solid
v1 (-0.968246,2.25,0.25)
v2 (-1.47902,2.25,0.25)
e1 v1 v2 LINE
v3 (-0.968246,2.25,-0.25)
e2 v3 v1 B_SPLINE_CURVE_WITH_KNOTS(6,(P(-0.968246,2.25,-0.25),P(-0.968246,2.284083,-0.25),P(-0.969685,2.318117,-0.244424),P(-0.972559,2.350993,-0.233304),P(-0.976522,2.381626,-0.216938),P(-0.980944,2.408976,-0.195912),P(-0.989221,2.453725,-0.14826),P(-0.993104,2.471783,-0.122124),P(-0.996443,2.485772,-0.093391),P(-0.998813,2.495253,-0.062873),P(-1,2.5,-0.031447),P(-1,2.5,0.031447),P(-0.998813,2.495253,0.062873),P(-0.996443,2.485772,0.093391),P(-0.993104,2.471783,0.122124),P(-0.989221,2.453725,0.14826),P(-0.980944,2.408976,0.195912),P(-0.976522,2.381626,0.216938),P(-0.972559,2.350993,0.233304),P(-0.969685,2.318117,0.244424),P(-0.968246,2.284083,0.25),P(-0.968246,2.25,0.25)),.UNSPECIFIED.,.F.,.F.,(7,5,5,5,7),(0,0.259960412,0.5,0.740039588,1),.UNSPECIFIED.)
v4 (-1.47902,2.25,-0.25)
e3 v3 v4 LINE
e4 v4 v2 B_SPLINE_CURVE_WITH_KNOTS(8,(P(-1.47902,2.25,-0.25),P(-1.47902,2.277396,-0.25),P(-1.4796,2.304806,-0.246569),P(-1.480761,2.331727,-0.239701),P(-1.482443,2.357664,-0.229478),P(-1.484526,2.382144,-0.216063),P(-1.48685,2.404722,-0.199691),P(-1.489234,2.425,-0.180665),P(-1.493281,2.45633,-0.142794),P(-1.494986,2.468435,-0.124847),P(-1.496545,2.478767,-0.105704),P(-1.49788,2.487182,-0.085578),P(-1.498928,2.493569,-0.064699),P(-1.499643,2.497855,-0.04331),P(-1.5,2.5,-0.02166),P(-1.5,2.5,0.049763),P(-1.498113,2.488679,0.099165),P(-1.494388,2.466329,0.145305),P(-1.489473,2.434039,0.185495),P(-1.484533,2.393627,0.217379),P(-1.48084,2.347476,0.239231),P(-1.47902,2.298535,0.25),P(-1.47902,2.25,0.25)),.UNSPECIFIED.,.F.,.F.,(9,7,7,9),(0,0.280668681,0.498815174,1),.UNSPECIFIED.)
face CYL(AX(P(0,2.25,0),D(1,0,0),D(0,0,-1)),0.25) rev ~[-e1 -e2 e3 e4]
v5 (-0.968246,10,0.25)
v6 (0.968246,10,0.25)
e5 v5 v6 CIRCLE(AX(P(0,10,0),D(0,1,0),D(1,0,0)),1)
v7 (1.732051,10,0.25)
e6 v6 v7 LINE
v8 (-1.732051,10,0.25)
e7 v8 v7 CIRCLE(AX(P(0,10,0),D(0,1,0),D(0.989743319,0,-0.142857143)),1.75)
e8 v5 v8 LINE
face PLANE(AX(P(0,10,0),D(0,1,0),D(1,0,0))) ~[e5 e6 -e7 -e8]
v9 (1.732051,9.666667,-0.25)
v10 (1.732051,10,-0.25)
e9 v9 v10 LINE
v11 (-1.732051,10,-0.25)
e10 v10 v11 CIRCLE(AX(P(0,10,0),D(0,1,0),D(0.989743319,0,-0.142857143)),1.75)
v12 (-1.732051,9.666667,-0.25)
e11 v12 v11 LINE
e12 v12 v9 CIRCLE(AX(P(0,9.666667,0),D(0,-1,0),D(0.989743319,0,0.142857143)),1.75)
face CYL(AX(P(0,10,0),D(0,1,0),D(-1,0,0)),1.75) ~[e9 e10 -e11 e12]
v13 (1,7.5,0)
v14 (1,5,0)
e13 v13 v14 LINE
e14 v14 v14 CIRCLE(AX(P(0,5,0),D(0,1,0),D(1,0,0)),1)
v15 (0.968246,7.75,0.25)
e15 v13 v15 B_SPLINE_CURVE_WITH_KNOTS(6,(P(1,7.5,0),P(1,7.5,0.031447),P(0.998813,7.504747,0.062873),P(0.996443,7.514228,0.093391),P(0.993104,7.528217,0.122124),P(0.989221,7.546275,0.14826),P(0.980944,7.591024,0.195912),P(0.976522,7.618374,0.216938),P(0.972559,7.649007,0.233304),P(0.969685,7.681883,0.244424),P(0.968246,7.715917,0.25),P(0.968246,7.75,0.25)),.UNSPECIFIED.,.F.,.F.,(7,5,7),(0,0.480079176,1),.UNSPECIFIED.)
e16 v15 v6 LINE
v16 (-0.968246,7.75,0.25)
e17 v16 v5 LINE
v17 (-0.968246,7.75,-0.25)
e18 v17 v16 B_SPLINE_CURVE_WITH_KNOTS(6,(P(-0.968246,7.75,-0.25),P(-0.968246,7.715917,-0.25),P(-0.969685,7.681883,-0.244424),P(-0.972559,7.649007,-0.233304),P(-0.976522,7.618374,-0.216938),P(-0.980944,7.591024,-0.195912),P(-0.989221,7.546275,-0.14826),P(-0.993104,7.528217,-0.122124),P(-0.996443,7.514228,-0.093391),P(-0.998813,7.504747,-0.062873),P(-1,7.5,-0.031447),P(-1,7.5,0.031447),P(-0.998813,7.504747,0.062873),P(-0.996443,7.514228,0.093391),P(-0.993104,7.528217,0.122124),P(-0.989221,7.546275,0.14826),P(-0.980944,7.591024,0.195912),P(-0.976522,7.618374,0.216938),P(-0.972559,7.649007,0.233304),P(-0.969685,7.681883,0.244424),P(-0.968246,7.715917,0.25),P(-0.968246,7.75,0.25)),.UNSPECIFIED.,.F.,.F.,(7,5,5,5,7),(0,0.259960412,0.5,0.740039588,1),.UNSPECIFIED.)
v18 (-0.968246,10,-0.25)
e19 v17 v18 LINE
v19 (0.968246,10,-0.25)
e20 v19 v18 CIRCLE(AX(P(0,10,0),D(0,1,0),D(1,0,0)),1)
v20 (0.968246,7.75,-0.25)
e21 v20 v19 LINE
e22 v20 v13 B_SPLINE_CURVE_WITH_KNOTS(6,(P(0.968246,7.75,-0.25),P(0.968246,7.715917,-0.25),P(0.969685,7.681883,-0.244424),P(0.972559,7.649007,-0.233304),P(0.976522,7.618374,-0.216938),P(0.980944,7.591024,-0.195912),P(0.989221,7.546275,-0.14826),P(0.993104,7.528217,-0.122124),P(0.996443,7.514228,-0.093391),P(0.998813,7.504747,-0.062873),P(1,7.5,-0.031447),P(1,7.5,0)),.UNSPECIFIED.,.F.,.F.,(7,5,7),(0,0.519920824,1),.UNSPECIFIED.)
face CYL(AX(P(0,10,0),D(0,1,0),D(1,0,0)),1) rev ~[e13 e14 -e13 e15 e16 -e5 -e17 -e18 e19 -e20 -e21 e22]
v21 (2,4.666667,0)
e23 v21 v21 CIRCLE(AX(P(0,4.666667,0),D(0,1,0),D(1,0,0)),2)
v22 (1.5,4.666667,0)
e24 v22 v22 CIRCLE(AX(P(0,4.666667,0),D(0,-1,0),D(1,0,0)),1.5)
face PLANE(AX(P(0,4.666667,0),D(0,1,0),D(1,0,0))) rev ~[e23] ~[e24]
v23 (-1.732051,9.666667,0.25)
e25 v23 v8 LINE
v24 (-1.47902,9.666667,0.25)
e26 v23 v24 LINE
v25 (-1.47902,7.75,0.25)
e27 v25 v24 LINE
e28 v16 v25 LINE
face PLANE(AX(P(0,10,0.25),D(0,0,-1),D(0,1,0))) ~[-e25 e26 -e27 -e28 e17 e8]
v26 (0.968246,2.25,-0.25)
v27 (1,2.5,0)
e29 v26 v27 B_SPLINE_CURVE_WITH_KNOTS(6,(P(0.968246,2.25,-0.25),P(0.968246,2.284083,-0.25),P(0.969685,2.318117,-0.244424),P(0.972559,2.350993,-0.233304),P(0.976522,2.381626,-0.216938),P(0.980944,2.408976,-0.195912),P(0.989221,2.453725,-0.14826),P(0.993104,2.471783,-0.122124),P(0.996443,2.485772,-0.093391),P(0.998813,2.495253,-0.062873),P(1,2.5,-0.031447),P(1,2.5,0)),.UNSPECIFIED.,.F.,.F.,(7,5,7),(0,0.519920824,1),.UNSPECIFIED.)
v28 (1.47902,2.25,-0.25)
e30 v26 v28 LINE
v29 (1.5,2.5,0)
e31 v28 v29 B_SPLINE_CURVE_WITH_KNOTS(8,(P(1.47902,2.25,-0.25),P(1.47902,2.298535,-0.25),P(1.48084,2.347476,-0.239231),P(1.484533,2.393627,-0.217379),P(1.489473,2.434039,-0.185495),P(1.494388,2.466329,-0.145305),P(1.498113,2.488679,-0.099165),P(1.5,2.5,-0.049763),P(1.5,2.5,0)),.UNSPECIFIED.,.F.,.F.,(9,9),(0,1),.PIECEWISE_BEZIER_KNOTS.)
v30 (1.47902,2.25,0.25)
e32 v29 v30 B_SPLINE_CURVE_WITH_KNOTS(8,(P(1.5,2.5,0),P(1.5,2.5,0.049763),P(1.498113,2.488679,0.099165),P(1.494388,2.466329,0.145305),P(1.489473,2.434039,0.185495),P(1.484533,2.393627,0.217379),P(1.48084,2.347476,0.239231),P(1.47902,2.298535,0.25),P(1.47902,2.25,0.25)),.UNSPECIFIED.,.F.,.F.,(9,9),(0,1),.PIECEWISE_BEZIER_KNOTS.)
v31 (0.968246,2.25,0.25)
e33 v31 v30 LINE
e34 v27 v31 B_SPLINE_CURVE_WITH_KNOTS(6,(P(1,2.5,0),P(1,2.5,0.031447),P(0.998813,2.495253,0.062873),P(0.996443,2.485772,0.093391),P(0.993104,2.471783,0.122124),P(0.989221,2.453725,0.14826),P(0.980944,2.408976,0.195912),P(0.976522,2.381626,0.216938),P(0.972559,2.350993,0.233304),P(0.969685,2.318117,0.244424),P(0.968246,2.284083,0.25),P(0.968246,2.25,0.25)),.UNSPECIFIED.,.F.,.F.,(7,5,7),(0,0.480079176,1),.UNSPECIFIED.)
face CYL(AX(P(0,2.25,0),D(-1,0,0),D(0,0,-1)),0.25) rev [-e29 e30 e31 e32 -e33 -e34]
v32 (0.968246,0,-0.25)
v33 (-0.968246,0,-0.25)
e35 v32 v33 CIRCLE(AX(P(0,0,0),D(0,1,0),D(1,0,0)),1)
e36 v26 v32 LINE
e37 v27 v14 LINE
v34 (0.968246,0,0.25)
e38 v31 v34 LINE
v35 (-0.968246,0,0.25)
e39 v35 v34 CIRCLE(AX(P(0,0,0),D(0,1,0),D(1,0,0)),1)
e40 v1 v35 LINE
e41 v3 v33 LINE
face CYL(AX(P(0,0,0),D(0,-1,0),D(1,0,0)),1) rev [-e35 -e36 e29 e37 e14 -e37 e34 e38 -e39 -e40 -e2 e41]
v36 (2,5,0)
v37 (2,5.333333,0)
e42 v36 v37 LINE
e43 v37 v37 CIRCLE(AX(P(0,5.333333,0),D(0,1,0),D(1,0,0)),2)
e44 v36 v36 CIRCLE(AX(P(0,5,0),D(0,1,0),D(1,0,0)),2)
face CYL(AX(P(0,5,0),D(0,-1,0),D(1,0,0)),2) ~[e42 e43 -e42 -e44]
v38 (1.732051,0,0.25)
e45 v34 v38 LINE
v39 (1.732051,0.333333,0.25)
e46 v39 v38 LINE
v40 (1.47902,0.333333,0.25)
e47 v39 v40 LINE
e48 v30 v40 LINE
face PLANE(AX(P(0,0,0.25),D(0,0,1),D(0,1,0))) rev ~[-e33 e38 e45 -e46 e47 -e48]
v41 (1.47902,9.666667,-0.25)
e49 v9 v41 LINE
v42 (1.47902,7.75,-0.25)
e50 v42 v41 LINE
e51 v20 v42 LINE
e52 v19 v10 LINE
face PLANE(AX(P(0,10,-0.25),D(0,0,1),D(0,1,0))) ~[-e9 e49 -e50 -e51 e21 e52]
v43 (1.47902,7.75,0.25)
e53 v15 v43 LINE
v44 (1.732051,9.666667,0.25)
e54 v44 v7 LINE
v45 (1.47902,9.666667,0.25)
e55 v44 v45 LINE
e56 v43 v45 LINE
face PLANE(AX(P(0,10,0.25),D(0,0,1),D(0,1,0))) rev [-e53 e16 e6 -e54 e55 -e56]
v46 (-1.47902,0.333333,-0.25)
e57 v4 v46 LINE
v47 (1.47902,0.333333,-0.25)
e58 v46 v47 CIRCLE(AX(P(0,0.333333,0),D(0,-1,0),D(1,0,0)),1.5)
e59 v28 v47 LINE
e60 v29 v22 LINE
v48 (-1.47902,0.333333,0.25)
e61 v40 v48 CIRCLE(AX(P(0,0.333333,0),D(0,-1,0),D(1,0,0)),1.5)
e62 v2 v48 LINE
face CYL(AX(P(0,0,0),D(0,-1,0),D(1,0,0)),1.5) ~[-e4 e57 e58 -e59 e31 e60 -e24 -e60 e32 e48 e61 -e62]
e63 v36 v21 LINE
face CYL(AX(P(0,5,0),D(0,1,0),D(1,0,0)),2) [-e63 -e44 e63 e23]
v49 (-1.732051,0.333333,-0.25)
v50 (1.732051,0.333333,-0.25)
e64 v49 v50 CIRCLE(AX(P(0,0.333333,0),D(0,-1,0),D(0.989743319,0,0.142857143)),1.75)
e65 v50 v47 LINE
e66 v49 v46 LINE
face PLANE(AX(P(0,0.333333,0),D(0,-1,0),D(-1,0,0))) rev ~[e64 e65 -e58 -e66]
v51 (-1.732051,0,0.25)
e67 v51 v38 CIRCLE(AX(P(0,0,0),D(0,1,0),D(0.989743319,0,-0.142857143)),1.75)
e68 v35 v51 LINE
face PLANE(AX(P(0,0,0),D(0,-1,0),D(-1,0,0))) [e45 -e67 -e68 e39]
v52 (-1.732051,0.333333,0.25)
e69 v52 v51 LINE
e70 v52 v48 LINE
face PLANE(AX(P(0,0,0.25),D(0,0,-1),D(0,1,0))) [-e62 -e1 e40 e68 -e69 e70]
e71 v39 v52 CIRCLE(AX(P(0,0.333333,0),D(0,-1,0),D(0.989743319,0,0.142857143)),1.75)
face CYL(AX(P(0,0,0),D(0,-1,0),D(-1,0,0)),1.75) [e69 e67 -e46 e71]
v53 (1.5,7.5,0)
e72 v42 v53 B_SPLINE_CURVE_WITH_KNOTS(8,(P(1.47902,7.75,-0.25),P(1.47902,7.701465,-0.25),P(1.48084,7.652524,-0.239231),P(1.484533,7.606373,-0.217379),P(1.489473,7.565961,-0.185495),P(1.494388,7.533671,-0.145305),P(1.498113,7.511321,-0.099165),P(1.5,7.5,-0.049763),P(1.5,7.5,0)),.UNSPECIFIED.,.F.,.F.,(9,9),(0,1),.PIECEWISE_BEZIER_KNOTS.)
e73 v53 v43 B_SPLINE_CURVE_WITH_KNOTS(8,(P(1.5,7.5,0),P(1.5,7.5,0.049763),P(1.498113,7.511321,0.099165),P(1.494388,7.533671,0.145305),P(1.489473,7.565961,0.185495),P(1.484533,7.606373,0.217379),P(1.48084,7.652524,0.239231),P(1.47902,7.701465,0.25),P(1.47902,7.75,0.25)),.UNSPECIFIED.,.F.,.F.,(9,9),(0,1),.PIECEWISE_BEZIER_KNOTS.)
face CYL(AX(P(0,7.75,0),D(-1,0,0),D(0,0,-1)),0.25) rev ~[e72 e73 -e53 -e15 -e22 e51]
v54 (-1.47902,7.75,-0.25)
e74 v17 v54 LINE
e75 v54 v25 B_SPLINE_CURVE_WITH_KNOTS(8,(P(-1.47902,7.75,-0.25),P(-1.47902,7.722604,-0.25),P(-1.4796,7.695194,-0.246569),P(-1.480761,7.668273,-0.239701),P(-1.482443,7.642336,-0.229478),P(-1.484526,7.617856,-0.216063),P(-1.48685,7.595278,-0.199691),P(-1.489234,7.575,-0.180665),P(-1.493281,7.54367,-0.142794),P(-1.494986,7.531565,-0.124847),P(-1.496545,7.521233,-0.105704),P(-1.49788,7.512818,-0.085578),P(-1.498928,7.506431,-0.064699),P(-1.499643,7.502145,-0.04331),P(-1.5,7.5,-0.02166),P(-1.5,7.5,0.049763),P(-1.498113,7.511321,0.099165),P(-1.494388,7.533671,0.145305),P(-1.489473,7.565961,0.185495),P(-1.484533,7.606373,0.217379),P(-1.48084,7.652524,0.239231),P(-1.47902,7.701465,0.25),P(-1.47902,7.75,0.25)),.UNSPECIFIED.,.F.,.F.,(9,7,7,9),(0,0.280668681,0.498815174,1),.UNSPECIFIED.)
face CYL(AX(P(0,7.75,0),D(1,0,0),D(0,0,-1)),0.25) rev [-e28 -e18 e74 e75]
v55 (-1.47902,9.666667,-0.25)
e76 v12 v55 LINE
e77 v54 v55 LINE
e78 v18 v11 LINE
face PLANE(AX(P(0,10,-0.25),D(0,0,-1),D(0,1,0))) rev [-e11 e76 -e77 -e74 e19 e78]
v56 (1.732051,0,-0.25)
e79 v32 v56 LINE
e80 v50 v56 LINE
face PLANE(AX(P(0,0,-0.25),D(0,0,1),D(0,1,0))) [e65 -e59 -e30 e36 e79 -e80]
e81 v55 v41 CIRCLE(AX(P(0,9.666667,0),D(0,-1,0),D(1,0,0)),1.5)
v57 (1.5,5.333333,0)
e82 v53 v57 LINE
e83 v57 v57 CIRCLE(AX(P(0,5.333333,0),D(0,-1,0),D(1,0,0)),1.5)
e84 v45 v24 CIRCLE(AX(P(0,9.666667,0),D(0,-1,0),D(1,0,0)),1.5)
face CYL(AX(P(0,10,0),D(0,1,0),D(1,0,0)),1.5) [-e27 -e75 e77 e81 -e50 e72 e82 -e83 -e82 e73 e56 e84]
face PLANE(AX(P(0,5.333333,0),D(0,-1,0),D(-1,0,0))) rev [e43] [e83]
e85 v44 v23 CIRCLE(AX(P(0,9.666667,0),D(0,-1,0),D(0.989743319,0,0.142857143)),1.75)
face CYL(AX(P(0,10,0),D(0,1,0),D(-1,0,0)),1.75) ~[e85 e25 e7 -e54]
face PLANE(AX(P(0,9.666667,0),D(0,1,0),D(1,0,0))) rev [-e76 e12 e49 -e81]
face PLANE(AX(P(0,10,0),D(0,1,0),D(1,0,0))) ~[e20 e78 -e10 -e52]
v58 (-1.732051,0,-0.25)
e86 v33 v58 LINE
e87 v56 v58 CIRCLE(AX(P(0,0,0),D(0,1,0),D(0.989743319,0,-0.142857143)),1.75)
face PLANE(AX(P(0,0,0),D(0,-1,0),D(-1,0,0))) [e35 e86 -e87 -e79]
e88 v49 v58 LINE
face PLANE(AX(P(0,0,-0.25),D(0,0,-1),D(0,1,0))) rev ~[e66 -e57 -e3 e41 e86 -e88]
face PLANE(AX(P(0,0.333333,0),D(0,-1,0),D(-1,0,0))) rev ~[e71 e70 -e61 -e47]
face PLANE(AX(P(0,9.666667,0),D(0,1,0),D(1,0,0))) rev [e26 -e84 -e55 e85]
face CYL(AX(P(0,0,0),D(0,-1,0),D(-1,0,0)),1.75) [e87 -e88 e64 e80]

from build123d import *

# Parameters (mm, degrees)
SKETCH1_R               = 1.5
SKETCH1_R_2             = 1
BOSS_EXTRUDE1_DEPTH     = 5
SKETCH2_R               = 2
SKETCH2_R_2             = 1
BOSS_EXTRUDE2_DEPTH     = 0.333333333
SKETCH3_R               = 1.75
SKETCH3_R_2             = 1
BOSS_EXTRUDE4_DEPTH     = 0.333333333
SKETCH4_R               = 0.25
SKETCH4_W               = 0.5
SKETCH4_H               = 2.25
CUT_EXTRUDE1_DEPTH      = 3
CUT_EXTRUDE1_DEPTH_BACK = 3


with BuildPart() as part:
    # Sketch1 → Boss-Extrude1 (new body)
    with BuildSketch(Plane(origin=(0, 0, 0), x_dir=(1, 0, 0), z_dir=(0, 1, 0))):
        Circle(SKETCH1_R)
        Circle(SKETCH1_R_2, mode=Mode.SUBTRACT)
    extrude(amount=BOSS_EXTRUDE1_DEPTH)

    # Sketch2 → Boss-Extrude2 (add)
    with BuildSketch(Plane(origin=(0, 5, 0), x_dir=(1, 0, 0), z_dir=(0, 1, 0))):
        Circle(SKETCH2_R)
        Circle(SKETCH2_R_2, mode=Mode.SUBTRACT)
    extrude(amount=-BOSS_EXTRUDE2_DEPTH)

    # Sketch3 → Boss-Extrude4 (add)
    with BuildSketch(Plane(origin=(0, 0, 0), x_dir=(-1, 0, 0), z_dir=(0, -1, 0))):
        Circle(SKETCH3_R)
        Circle(SKETCH3_R_2, mode=Mode.SUBTRACT)
    extrude(amount=-BOSS_EXTRUDE4_DEPTH)

    # Sketch4 → Cut-Extrude1 (cut, two sides)
    with BuildSketch(Plane(origin=(0, 0, 0), x_dir=(0, 0, -1), z_dir=(1, 0, 0))) as cut_extrude1_sk:
        with Locations((0, 2.25)):
            Circle(SKETCH4_R)
        with Locations((0, 1.125)):
            Rectangle(SKETCH4_W, SKETCH4_H)
    extrude(amount=CUT_EXTRUDE1_DEPTH, mode=Mode.SUBTRACT)
    extrude(cut_extrude1_sk.sketch, amount=-CUT_EXTRUDE1_DEPTH_BACK, mode=Mode.SUBTRACT)

    # Mirror1: part across plane


with BuildPart() as part_1:
    add(part.part)
    add(part.part.mirror(Plane.ZX.offset(5)))


solid = part_1.part
